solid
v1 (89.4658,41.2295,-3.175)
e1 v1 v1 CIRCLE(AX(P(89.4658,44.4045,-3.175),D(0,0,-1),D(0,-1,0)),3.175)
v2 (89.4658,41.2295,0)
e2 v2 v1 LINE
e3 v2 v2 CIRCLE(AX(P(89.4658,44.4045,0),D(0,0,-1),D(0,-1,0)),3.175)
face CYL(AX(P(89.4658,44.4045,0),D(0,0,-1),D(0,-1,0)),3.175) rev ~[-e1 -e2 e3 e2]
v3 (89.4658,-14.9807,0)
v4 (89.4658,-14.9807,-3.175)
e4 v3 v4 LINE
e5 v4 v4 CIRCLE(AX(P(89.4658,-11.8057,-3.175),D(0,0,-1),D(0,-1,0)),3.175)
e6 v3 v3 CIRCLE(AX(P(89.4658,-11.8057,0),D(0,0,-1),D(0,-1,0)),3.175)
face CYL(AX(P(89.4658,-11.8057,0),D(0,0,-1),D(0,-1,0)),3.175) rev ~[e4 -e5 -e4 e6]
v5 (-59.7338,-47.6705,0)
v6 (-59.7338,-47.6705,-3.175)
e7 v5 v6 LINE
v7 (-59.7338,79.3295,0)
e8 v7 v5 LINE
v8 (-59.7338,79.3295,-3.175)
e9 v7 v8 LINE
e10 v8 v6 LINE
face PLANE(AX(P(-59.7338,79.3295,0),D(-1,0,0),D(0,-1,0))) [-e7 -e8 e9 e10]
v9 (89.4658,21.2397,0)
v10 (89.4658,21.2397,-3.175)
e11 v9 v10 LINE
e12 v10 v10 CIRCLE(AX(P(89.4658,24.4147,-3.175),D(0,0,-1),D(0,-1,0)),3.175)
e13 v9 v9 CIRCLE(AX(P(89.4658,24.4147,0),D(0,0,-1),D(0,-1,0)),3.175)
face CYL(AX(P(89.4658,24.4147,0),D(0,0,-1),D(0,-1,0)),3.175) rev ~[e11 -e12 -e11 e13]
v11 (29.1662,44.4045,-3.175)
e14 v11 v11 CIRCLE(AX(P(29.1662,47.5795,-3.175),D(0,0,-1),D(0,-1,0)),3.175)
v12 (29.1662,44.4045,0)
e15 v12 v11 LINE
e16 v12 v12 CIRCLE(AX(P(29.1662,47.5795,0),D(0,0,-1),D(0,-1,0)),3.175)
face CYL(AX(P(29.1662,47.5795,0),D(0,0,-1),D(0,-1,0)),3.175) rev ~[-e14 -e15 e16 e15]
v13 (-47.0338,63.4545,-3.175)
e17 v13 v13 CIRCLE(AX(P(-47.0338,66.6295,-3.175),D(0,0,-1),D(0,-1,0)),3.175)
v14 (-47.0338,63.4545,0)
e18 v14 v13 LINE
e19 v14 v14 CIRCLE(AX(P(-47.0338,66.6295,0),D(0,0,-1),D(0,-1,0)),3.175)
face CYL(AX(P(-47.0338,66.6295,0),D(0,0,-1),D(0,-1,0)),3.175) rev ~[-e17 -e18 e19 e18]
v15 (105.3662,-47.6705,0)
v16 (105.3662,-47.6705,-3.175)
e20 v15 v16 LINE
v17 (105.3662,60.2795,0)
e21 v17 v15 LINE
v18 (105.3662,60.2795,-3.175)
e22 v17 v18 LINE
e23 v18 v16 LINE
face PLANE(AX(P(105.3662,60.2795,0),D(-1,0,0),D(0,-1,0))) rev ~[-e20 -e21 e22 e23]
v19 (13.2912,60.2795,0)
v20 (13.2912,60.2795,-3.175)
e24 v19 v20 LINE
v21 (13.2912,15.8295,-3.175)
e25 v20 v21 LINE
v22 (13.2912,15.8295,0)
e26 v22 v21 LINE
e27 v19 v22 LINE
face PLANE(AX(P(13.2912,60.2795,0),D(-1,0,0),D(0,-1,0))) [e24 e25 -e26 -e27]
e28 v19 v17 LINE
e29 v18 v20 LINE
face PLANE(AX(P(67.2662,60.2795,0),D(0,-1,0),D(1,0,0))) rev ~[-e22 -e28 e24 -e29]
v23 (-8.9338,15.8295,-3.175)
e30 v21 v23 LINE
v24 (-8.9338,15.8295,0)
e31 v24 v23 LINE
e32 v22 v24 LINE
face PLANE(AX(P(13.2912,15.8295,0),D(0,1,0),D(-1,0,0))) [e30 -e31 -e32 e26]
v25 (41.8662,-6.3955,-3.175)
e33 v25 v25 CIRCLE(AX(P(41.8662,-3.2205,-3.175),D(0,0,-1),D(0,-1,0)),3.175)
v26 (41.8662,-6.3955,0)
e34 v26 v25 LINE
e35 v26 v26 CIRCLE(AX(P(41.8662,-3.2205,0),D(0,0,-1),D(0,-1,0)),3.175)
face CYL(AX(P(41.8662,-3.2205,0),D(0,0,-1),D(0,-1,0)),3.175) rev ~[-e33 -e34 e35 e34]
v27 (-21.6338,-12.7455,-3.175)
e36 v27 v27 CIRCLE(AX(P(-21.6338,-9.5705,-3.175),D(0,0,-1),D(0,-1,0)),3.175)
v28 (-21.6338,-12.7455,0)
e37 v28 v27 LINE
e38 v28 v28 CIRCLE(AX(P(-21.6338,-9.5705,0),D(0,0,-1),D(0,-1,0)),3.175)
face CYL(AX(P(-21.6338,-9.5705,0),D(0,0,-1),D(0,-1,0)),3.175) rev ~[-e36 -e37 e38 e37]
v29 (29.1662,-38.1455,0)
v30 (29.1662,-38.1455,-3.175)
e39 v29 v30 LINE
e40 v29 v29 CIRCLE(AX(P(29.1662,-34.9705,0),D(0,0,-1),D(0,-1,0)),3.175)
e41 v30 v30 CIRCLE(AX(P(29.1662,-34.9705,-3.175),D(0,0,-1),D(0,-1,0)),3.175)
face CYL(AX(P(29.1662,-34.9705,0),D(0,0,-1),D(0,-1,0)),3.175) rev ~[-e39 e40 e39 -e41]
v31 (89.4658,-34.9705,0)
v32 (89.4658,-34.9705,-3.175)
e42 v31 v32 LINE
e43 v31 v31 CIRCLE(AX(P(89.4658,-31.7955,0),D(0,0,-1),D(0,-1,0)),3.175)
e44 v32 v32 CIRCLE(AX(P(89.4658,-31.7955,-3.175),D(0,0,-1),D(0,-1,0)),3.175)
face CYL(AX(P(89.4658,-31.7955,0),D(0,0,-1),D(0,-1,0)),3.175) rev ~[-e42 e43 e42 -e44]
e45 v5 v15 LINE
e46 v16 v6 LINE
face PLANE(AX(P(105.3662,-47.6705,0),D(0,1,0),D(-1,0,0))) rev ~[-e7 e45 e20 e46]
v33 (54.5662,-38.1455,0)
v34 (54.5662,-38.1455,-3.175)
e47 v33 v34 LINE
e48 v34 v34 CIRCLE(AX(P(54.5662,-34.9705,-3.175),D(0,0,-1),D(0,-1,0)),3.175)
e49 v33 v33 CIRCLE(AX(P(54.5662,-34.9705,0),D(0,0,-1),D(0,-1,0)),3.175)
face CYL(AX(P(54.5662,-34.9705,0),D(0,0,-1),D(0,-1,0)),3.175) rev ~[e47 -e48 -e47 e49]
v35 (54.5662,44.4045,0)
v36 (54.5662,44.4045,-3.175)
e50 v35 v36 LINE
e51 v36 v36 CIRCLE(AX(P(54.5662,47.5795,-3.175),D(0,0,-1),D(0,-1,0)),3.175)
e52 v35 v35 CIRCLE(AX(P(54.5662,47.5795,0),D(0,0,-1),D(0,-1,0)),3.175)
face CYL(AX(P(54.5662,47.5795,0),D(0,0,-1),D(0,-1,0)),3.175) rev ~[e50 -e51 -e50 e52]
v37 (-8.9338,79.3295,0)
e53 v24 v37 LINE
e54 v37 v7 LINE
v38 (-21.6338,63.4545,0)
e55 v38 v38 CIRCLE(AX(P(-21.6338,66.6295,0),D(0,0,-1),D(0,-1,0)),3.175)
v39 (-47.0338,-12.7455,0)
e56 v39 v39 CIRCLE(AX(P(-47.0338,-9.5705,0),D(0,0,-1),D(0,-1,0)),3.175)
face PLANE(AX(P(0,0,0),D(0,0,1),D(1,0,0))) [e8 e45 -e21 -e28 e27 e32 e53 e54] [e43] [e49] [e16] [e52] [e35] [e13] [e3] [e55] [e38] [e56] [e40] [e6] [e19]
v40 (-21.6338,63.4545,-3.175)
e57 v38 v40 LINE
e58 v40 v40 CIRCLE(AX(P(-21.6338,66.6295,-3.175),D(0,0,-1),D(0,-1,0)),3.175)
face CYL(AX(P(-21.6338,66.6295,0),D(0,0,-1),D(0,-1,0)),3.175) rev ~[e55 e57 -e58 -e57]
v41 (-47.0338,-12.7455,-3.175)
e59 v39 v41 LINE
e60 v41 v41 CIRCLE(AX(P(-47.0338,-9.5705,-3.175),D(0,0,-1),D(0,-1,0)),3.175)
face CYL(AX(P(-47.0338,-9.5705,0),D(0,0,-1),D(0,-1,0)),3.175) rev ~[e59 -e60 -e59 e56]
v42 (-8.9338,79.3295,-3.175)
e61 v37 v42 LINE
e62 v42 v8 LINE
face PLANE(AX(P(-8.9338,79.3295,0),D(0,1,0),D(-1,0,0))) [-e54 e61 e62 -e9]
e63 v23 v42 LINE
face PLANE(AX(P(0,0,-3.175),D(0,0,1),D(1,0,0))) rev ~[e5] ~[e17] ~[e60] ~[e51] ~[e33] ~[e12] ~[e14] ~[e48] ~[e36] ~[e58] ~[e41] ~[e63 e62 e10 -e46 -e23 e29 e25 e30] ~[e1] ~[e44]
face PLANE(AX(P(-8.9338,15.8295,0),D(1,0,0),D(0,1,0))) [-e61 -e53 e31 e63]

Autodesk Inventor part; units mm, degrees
ref_plane "YZ Plane" through (0, 0, 0) normal (1, 0, 0) x (0, 1, 0)
ref_plane "XZ Plane" through (0, 0, 0) normal (0, 1, 0) x (-1, 0, 0)
ref_plane "XY Plane" through (0, 0, 0) normal (0, 0, 1) x (1, 0, 0)
sketch "Sketch1" plane through (0, 0, 0) normal (0, 0, 1) x (1, 0, 0)
  line L0 (-59.7338, 79.3295) -> (-59.7338, -47.6705)
  line L1 (-59.7338, -47.6705) -> (67.2662, -47.6705)
  line L2 (67.2662, -47.6705) -> (67.2662, 60.2795)
  line L3 (67.2662, 60.2795) -> (13.2912, 60.2795)
  line L4 (13.2912, 60.2795) -> (13.2912, 15.8295)
  line L5 (13.2912, 15.8295) -> (-8.9338, 15.8295)
  line L6 (-8.9338, 15.8295) -> (-8.9338, 79.3295)
  line L7 (-8.9338, 79.3295) -> (-59.7338, 79.3295)
  line L8 (67.2662, 60.2795) -> (105.3662, 60.2795)
  line L9 (105.3662, 60.2795) -> (105.3662, -47.6705)
  line L10 (105.3662, -47.6705) -> (67.2662, -47.6705)
  point P0 (0, 0)
  point P1 (-47.0338, 66.6295)
  point P2 (54.5662, 47.5795)
  point P3 (41.8662, -3.2205)
  point P4 (54.5662, -34.9705)
  point P5 (-47.0338, -9.5705)
  point P6 (89.4658, -31.7955)
  point P7 (89.4658, -11.8057)
  point P8 (-21.6338, 66.6295)
  point P9 (-21.6338, -9.5705)
  point P10 (29.1662, 47.5795)
  point P11 (54.5662, -34.9705)
  point P12 (54.5662, -9.5705)
  point P13 (29.1662, -34.9705)
  point P14 (89.4658, 44.4045)
  point P15 (89.4658, 24.4147)
  dimension "d0" = 127
  dimension "d1" = 127
  dimension "d2" = 50.8
  dimension "d3" = 53.975
  dimension "d4" = 107.95
  dimension "d5" = 63.5
  dimension "d6" = 12.7
  dimension "d7" = 12.7
  dimension "d8" = 12.7
  dimension "d9" = 12.7
  dimension "d10" = 44.45
  dimension "d11" = 25.4
  dimension "d21" = 12.7
  dimension "d22" = 12.7
  dimension "d23" = 12.7
  dimension "d24" = 38.1
  dimension "d25" = 38.1
  dimension "d26" = 107.95
  dimension "d27" = 15.875
  dimension "d28" = 19.9898
  dimension "d38" = 15.9004
  dimension "d39" = 15.9004
  dimension "d40" = 12.7
  dimension "d41" = 12.7
  dimension "d42" = 25.4
  dimension "d43" = 76.2
  dimension "d44" = 12.7
  dimension "d46" = 12.7
  dimension "d47" = 25.4
  dimension "d48" = 38.1
  dimension "d49" = 12.7
  dimension "d50" = 12.7
  dimension "d51" = 38.1
  dimension "d52" = 25.4
  dimension "d54" = 15.875
  dimension "d55" = 19.9898
  dimension "d56" = 15.9004
  dimension "d57" = 15.9004
extrude "Extrusion1" add sketch "Sketch1" against normal blind 3.175 contours L7 L6 L5 L4 L3 L2 L1 L0
hole "Hole1" at (-47.0338, 66.6295, 0) at (54.5662, 47.5795, 0) at (41.8662, -3.2205, 0) at (-47.0338, -9.5705, 0) at (54.5662, -34.9705, 0) at (89.4658, -31.7955, 0) at (89.4658, -11.8057, 0) at (-21.6338, 66.6295, 0) at (-21.6338, -9.5705, 0) at (29.1662, 47.5795, 0) at (29.1662, -34.9705, 0) direction (0, 0, -1) diameter 6.35 depth 25.4 tip angle 118
extrude "Extrusion2" add sketch "Sketch1" against normal blind 3.175 contours L2 L8 L9 L10
hole "Hole2" at (89.4658, -11.8057, 0) at (89.4658, -31.7955, 0) at (89.4658, 24.4147, 0) at (89.4658, 44.4045, 0) direction (0, 0, -1) diameter 6.35 depth 25.4 tip angle 118
properties part number "AS5-8-5-002"
